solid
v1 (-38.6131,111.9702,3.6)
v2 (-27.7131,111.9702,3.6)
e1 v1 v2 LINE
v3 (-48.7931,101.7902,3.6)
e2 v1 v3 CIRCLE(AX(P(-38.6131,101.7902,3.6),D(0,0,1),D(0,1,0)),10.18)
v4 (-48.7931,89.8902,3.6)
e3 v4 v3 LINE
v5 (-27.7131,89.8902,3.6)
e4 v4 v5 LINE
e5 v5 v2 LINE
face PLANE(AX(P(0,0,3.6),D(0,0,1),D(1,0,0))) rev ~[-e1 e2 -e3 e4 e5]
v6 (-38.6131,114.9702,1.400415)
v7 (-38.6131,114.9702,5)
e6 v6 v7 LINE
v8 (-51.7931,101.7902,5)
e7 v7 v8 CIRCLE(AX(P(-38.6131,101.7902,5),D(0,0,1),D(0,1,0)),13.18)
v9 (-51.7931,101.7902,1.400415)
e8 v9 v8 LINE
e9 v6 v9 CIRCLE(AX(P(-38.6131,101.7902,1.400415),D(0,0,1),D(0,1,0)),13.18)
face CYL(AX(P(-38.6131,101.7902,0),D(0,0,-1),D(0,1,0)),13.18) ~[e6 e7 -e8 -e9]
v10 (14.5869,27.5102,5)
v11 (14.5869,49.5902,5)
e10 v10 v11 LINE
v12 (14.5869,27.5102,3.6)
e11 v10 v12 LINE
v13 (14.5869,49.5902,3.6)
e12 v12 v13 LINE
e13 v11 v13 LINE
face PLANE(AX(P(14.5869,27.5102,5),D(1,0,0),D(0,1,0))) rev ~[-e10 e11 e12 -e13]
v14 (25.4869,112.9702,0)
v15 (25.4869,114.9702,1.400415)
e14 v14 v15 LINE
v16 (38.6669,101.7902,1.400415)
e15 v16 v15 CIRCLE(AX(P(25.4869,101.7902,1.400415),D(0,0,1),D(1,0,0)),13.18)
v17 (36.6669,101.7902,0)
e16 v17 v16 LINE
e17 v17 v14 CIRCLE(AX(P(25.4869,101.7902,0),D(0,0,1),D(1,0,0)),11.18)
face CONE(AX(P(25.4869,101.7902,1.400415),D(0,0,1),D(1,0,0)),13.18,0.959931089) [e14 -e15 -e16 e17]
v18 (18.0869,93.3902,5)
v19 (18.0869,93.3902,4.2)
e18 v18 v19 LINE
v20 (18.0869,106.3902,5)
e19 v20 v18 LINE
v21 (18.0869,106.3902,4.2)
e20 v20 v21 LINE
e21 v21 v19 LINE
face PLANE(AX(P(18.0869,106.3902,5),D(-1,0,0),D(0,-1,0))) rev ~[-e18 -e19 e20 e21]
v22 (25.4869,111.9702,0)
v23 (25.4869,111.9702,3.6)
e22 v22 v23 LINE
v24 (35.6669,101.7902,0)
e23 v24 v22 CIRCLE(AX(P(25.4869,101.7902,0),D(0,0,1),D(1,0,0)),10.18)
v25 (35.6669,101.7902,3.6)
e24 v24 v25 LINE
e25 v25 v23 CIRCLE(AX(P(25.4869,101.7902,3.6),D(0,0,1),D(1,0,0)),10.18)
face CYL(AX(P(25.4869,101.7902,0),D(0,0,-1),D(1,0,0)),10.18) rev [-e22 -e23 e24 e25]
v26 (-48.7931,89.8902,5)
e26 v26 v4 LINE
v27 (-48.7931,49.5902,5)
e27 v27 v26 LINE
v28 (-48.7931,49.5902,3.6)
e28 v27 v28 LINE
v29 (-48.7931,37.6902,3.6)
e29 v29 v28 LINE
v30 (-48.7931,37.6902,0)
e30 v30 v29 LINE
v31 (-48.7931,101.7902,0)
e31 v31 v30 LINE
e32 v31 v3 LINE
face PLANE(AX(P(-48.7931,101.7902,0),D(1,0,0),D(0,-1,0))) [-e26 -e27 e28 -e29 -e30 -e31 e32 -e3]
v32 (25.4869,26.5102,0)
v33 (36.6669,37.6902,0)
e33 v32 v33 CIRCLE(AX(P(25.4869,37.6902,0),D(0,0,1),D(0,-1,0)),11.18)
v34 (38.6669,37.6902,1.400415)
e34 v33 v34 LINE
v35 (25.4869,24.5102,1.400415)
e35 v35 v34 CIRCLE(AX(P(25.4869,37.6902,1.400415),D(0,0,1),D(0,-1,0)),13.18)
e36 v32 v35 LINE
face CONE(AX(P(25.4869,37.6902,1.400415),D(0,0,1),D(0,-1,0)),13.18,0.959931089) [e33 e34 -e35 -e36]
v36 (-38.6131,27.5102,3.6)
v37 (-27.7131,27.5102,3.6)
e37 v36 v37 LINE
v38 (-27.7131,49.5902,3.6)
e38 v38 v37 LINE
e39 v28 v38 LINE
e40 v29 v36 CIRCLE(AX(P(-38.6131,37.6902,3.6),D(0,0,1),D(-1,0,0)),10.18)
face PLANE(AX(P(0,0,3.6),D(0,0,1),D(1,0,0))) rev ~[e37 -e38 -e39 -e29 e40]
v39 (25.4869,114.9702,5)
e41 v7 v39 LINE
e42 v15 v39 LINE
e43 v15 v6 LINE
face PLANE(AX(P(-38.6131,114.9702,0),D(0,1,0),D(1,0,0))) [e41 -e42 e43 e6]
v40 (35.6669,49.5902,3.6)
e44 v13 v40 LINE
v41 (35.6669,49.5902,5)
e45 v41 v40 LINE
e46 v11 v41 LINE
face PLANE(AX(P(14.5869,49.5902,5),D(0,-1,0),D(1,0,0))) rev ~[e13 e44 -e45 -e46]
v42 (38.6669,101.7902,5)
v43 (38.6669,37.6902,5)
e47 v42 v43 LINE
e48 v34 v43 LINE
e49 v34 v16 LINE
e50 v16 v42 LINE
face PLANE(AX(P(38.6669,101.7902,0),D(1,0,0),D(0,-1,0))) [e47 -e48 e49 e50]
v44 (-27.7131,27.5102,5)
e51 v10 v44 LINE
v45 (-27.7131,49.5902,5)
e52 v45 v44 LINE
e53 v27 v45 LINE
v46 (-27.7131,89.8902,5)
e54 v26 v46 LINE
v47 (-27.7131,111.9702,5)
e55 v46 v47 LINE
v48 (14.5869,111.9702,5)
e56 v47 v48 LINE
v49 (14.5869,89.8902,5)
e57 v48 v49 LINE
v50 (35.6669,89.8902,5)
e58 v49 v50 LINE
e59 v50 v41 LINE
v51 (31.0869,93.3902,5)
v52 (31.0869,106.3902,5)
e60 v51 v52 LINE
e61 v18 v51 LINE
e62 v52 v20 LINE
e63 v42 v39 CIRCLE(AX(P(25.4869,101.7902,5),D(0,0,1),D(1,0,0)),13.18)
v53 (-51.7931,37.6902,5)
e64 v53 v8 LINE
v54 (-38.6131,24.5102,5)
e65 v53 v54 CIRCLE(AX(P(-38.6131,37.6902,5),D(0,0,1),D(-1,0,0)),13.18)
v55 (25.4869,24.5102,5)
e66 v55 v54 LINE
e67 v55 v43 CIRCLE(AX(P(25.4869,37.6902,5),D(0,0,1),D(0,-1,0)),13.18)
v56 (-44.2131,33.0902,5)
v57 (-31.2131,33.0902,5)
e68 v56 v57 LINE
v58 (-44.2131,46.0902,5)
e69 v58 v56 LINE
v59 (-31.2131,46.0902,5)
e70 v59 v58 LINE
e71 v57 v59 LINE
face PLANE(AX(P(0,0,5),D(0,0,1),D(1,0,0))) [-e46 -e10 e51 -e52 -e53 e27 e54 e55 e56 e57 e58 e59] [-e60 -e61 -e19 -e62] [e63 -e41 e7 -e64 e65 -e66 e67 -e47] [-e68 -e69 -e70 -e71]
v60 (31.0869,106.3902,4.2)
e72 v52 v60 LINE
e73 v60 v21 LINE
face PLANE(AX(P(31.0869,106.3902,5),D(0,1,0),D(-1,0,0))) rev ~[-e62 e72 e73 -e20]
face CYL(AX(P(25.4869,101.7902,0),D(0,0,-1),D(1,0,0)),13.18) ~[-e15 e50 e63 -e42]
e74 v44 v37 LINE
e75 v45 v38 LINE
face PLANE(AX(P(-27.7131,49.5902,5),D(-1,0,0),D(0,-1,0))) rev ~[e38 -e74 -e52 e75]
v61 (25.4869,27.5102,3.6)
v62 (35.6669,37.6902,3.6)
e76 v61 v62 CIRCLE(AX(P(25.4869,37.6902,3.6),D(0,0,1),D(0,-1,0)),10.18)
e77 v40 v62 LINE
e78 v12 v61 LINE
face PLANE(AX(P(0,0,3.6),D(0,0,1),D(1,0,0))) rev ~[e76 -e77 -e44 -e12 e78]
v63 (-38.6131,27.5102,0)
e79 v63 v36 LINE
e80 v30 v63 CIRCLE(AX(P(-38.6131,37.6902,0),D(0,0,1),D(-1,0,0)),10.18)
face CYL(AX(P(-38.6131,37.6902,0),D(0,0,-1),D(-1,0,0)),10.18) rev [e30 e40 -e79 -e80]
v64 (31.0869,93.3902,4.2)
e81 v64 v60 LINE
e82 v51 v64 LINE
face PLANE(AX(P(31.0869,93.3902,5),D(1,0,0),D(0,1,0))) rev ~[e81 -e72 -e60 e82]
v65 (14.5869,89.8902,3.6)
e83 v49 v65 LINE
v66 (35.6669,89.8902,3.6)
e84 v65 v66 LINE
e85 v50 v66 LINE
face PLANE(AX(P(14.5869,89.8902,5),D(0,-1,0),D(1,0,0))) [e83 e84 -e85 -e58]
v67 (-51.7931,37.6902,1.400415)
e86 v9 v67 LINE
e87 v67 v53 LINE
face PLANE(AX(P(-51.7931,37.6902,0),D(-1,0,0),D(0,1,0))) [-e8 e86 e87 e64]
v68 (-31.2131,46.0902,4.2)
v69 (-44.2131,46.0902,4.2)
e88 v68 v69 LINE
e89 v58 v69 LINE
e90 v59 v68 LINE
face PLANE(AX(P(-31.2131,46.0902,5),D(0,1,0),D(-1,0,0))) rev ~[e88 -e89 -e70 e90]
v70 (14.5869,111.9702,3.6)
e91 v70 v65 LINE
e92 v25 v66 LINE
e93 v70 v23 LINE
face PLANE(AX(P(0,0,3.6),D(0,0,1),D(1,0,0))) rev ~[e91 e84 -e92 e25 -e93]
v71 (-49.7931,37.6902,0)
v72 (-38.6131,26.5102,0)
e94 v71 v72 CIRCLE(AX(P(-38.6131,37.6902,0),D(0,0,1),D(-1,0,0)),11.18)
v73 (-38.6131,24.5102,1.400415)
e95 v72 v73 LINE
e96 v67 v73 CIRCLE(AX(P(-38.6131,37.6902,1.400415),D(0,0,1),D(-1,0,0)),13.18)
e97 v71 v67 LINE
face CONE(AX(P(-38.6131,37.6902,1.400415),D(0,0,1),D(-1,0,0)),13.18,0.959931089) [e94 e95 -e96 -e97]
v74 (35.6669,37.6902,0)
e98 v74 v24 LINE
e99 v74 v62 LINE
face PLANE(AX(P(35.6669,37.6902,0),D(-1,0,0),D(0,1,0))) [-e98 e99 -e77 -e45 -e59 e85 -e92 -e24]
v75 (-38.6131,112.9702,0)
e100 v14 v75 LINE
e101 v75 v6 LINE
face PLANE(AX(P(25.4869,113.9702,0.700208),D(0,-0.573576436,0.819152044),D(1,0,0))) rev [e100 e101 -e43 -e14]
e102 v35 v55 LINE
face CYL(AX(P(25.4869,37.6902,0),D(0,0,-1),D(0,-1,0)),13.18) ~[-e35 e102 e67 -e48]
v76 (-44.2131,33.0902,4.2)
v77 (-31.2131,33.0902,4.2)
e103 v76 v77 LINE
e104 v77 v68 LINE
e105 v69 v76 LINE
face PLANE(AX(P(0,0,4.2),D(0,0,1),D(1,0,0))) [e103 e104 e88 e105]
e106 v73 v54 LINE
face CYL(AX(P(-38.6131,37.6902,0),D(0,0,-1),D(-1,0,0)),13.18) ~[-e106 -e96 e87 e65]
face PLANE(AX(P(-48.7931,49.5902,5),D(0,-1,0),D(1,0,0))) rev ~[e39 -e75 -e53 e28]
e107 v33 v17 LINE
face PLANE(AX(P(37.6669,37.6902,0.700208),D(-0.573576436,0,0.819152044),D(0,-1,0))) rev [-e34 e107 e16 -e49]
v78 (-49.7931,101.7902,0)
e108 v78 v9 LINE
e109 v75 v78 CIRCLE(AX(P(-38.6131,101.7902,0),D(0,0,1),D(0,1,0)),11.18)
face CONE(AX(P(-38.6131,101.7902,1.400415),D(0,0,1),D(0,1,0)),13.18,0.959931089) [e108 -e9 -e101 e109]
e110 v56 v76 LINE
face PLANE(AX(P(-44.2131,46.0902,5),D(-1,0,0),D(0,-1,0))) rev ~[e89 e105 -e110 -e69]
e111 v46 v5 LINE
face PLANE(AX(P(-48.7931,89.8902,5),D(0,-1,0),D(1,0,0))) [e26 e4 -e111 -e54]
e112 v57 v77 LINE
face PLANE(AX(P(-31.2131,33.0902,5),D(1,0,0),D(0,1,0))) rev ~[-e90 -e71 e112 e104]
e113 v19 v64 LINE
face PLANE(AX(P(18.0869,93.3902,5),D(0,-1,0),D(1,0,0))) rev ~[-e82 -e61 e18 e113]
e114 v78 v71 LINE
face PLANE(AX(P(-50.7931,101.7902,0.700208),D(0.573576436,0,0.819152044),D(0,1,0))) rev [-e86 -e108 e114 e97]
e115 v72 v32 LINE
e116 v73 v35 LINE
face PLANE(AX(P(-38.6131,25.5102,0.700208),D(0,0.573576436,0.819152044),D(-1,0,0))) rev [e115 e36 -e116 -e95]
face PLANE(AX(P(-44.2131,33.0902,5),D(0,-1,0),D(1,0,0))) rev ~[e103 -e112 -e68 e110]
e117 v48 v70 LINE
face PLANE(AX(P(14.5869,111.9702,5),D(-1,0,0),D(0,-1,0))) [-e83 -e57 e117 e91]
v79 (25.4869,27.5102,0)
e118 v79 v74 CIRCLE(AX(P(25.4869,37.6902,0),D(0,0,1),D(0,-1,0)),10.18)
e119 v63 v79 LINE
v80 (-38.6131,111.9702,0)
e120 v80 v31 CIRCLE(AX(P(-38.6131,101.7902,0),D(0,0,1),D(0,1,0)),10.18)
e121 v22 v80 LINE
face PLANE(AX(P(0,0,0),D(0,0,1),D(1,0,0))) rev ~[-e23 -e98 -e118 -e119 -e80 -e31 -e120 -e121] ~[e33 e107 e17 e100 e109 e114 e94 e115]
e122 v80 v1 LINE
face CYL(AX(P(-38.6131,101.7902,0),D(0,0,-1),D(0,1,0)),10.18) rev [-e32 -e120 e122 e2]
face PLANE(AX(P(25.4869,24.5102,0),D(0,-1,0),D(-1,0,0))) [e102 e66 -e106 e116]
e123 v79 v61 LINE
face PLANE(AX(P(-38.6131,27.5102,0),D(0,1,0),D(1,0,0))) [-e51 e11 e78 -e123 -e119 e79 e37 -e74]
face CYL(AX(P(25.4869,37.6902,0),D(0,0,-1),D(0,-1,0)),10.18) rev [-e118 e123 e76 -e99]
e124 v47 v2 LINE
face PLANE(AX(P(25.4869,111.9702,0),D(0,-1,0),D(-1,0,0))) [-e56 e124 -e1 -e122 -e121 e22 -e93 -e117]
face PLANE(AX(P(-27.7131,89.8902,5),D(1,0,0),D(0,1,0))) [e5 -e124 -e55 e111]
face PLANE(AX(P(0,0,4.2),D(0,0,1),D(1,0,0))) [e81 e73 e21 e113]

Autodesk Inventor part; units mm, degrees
ref_plane "YZ Plane" through (0, 0, 0) normal (1, 0, 0) x (0, 1, 0)
ref_plane "XZ Plane" through (0, 0, 0) normal (0, 1, 0) x (-1, 0, 0)
ref_plane "XY Plane" through (0, 0, 0) normal (0, 0, 1) x (1, 0, 0)
sketch "Skizze1" plane through (0, 0, 0) normal (0, 0, 1) x (1, 0, 0)
  line L0 (32.9869, 99.2902) -> (32.9869, 40.1902) construction
  arc A0 (22.9869, 30.1902) -> (32.9869, 40.1902) centre (22.9869, 40.1902) ccw construction
  line L1 (22.9869, 30.1902) -> (-36.1131, 30.1902) construction
  arc A1 (-46.1131, 40.1902) -> (-36.1131, 30.1902) centre (-36.1131, 40.1902) ccw construction
  line L2 (-46.1131, 40.1902) -> (-46.1131, 99.2902) construction
  arc A2 (-36.1131, 109.2902) -> (-46.1131, 99.2902) centre (-36.1131, 99.2902) ccw construction
  line L3 (-36.1131, 109.2902) -> (22.9869, 109.2902) construction
  arc A3 (32.9869, 99.2902) -> (22.9869, 109.2902) centre (22.9869, 99.2902) ccw construction
  arc A4 (-38.6131, 111.7902) -> (-48.6131, 101.7902) centre (-38.6131, 101.7902) ccw construction
  line L4 (-48.6131, 101.7902) -> (-48.6131, 37.6902) construction
  arc A5 (-48.6131, 37.6902) -> (-38.6131, 27.6902) centre (-38.6131, 37.6902) ccw construction
  line L5 (-38.6131, 27.6902) -> (25.4869, 27.6902) construction
  arc A6 (25.4869, 27.6902) -> (35.4869, 37.6902) centre (25.4869, 37.6902) ccw construction
  line L6 (35.4869, 37.6902) -> (35.4869, 101.7902) construction
  arc A7 (35.4869, 101.7902) -> (25.4869, 111.7902) centre (25.4869, 101.7902) ccw construction
  line L7 (25.4869, 111.7902) -> (-38.6131, 111.7902) construction
  arc A8 (-38.6131, 111.9702) -> (-48.7931, 101.7902) centre (-38.6131, 101.7902) ccw
  line L8 (-48.7931, 101.7902) -> (-48.7931, 37.6902)
  arc A9 (-48.7931, 37.6902) -> (-38.6131, 27.5102) centre (-38.6131, 37.6902) ccw
  line L9 (-38.6131, 27.5102) -> (25.4869, 27.5102)
  arc A10 (25.4869, 27.5102) -> (35.6669, 37.6902) centre (25.4869, 37.6902) ccw
  line L10 (35.6669, 37.6902) -> (35.6669, 101.7902)
  arc A11 (35.6669, 101.7902) -> (25.4869, 111.9702) centre (25.4869, 101.7902) ccw
  line L11 (25.4869, 111.9702) -> (-38.6131, 111.9702)
  arc A12 (-38.6131, 114.9702) -> (-51.7931, 101.7902) centre (-38.6131, 101.7902) ccw
  line L12 (-38.6131, 114.9702) -> (25.4869, 114.9702)
  arc A13 (38.6669, 101.7902) -> (25.4869, 114.9702) centre (25.4869, 101.7902) ccw
  line L13 (38.6669, 101.7902) -> (38.6669, 37.6902)
  arc A14 (25.4869, 24.5102) -> (38.6669, 37.6902) centre (25.4869, 37.6902) ccw
  line L14 (25.4869, 24.5102) -> (-38.6131, 24.5102)
  arc A15 (-51.7931, 37.6902) -> (-38.6131, 24.5102) centre (-38.6131, 37.6902) ccw
  line L15 (-51.7931, 37.6902) -> (-51.7931, 101.7902)
  line L16 (12.5869, 111.9702) -> (12.5869, 87.8902)
  line L17 (12.5869, 87.8902) -> (35.6669, 87.8902)
  circle A16 centre (24.5869, 99.8902) radius 5.075 construction
  circle A17 centre (-37.7131, 39.5902) radius 5.075 construction
  line L18 (-48.7931, 51.5902) -> (-25.7131, 51.5902)
  line L19 (-25.7131, 51.5902) -> (-25.7131, 27.5102)
  point P0 (0, 0)
  dimension "d0" = 0.18
  dimension "d1" = 3
  dimension "d2" = 12
  dimension "d3" = 12
  dimension "d4" = 12
  dimension "d5" = 12
extrude "Extrusion1" add sketch "Skizze1" along normal blind 5
chamfer "Fase1" distance 2 angle 35 8 edges at (34.8066, 111.1099, 0) (38.6669, 69.7402, 0) (34.8066, 28.3705, 0) (-6.5631, 24.5102, 0) (-47.9328, 28.3705, 0) (-51.7931, 69.7402, 0) (-47.9328, 111.1099, 0) (-6.5631, 114.9702, 0) measured on face at (-12.9464, 25.5102, 0)
sketch "Skizze2" plane through (0, 0, 5) normal (0, 0, 1) x (1, 0, 0)
  circle A0 centre (-37.7131, 39.5902) radius 5.075 construction
  circle A1 centre (24.5869, 99.8902) radius 5.075 construction
  line L0 (-48.7931, 37.6902) -> (-48.7931, 101.7902) projected
  line L1 (-48.7931, 49.5902) -> (-27.7131, 49.5902)
  line L2 (-27.7131, 49.5902) -> (-27.7131, 27.5102)
  line L3 (-38.6131, 27.5102) -> (25.4869, 27.5102) projected
  arc A2 (-48.7931, 37.6902) -> (-38.6131, 27.5102) centre (-38.6131, 37.6902) ccw projected
  line L4 (35.6669, 101.7902) -> (35.6669, 37.6902) projected
  arc A3 (35.6669, 101.7902) -> (25.4869, 111.9702) centre (25.4869, 101.7902) ccw projected
  line L5 (-38.6131, 111.9702) -> (25.4869, 111.9702) projected
  line L6 (25.4869, 111.9702) -> (-38.6131, 111.9702) projected
  line L7 (14.5869, 111.9702) -> (14.5869, 89.8902)
  line L8 (14.5869, 89.8902) -> (35.6669, 89.8902)
  arc A4 (-38.6131, 111.9702) -> (-48.7931, 101.7902) centre (-38.6131, 101.7902) ccw projected
  arc A5 (25.4869, 27.5102) -> (35.6669, 37.6902) centre (25.4869, 37.6902) ccw projected
  line L9 (14.5869, 27.5102) -> (14.5869, 49.5902)
  line L10 (14.5869, 49.5902) -> (35.6669, 49.5902)
  line L11 (35.6669, 37.6902) -> (35.6669, 101.7902) projected
  line L12 (-48.7931, 89.8902) -> (-27.7131, 89.8902)
  line L13 (-27.7131, 89.8902) -> (-27.7131, 111.9702)
  point P0 (0, 0)
  dimension "d11" = 10
  dimension "d12" = 10
  dimension "d13" = 10
  dimension "d14" = 10
extrude "Extrusion2" add sketch "Skizze2" against normal blind 1.4 contours L0 L1 L2 L3 A2 | L0 A4 L5 L13 L12 | L9 L10 L4 A5 L3 | L5 A3 L4 L8 L7
sketch "Skizze3" plane through (0, 0, 5) normal (0, 0, 1) x (1, 0, 0)
  circle A0 centre (-37.7131, 39.5902) radius 5.075 construction
  circle A1 centre (24.5869, 99.8902) radius 4.075 construction
  line L0 (18.0869, 93.3902) -> (31.0869, 93.3902)
  line L1 (31.0869, 93.3902) -> (31.0869, 106.3902)
  line L2 (31.0869, 106.3902) -> (18.0869, 106.3902)
  line L3 (18.0869, 106.3902) -> (18.0869, 93.3902)
  line L4 (18.0869, 93.3902) -> (31.0869, 106.3902) construction
  line L5 (31.0869, 93.3902) -> (18.0869, 106.3902) construction
  line L6 (-44.2131, 33.0902) -> (-31.2131, 33.0902)
  line L7 (-31.2131, 33.0902) -> (-31.2131, 46.0902)
  line L8 (-31.2131, 46.0902) -> (-44.2131, 46.0902)
  line L9 (-44.2131, 46.0902) -> (-44.2131, 33.0902)
  line L10 (-44.2131, 33.0902) -> (-31.2131, 46.0902) construction
  line L11 (-31.2131, 33.0902) -> (-44.2131, 46.0902) construction
  point P0 (0, 0)
  dimension "d17" = 13
  dimension "d18" = 13
  dimension "d19" = 13
  dimension "d20" = 13
extrude "Extrusion3" cut sketch "Skizze3" against normal blind 0.8
equation "\"d2\" = d3"
equation "\"d4\" = d3"
equation "\"d5\" = d4"
properties part number "Wandhalterung"
